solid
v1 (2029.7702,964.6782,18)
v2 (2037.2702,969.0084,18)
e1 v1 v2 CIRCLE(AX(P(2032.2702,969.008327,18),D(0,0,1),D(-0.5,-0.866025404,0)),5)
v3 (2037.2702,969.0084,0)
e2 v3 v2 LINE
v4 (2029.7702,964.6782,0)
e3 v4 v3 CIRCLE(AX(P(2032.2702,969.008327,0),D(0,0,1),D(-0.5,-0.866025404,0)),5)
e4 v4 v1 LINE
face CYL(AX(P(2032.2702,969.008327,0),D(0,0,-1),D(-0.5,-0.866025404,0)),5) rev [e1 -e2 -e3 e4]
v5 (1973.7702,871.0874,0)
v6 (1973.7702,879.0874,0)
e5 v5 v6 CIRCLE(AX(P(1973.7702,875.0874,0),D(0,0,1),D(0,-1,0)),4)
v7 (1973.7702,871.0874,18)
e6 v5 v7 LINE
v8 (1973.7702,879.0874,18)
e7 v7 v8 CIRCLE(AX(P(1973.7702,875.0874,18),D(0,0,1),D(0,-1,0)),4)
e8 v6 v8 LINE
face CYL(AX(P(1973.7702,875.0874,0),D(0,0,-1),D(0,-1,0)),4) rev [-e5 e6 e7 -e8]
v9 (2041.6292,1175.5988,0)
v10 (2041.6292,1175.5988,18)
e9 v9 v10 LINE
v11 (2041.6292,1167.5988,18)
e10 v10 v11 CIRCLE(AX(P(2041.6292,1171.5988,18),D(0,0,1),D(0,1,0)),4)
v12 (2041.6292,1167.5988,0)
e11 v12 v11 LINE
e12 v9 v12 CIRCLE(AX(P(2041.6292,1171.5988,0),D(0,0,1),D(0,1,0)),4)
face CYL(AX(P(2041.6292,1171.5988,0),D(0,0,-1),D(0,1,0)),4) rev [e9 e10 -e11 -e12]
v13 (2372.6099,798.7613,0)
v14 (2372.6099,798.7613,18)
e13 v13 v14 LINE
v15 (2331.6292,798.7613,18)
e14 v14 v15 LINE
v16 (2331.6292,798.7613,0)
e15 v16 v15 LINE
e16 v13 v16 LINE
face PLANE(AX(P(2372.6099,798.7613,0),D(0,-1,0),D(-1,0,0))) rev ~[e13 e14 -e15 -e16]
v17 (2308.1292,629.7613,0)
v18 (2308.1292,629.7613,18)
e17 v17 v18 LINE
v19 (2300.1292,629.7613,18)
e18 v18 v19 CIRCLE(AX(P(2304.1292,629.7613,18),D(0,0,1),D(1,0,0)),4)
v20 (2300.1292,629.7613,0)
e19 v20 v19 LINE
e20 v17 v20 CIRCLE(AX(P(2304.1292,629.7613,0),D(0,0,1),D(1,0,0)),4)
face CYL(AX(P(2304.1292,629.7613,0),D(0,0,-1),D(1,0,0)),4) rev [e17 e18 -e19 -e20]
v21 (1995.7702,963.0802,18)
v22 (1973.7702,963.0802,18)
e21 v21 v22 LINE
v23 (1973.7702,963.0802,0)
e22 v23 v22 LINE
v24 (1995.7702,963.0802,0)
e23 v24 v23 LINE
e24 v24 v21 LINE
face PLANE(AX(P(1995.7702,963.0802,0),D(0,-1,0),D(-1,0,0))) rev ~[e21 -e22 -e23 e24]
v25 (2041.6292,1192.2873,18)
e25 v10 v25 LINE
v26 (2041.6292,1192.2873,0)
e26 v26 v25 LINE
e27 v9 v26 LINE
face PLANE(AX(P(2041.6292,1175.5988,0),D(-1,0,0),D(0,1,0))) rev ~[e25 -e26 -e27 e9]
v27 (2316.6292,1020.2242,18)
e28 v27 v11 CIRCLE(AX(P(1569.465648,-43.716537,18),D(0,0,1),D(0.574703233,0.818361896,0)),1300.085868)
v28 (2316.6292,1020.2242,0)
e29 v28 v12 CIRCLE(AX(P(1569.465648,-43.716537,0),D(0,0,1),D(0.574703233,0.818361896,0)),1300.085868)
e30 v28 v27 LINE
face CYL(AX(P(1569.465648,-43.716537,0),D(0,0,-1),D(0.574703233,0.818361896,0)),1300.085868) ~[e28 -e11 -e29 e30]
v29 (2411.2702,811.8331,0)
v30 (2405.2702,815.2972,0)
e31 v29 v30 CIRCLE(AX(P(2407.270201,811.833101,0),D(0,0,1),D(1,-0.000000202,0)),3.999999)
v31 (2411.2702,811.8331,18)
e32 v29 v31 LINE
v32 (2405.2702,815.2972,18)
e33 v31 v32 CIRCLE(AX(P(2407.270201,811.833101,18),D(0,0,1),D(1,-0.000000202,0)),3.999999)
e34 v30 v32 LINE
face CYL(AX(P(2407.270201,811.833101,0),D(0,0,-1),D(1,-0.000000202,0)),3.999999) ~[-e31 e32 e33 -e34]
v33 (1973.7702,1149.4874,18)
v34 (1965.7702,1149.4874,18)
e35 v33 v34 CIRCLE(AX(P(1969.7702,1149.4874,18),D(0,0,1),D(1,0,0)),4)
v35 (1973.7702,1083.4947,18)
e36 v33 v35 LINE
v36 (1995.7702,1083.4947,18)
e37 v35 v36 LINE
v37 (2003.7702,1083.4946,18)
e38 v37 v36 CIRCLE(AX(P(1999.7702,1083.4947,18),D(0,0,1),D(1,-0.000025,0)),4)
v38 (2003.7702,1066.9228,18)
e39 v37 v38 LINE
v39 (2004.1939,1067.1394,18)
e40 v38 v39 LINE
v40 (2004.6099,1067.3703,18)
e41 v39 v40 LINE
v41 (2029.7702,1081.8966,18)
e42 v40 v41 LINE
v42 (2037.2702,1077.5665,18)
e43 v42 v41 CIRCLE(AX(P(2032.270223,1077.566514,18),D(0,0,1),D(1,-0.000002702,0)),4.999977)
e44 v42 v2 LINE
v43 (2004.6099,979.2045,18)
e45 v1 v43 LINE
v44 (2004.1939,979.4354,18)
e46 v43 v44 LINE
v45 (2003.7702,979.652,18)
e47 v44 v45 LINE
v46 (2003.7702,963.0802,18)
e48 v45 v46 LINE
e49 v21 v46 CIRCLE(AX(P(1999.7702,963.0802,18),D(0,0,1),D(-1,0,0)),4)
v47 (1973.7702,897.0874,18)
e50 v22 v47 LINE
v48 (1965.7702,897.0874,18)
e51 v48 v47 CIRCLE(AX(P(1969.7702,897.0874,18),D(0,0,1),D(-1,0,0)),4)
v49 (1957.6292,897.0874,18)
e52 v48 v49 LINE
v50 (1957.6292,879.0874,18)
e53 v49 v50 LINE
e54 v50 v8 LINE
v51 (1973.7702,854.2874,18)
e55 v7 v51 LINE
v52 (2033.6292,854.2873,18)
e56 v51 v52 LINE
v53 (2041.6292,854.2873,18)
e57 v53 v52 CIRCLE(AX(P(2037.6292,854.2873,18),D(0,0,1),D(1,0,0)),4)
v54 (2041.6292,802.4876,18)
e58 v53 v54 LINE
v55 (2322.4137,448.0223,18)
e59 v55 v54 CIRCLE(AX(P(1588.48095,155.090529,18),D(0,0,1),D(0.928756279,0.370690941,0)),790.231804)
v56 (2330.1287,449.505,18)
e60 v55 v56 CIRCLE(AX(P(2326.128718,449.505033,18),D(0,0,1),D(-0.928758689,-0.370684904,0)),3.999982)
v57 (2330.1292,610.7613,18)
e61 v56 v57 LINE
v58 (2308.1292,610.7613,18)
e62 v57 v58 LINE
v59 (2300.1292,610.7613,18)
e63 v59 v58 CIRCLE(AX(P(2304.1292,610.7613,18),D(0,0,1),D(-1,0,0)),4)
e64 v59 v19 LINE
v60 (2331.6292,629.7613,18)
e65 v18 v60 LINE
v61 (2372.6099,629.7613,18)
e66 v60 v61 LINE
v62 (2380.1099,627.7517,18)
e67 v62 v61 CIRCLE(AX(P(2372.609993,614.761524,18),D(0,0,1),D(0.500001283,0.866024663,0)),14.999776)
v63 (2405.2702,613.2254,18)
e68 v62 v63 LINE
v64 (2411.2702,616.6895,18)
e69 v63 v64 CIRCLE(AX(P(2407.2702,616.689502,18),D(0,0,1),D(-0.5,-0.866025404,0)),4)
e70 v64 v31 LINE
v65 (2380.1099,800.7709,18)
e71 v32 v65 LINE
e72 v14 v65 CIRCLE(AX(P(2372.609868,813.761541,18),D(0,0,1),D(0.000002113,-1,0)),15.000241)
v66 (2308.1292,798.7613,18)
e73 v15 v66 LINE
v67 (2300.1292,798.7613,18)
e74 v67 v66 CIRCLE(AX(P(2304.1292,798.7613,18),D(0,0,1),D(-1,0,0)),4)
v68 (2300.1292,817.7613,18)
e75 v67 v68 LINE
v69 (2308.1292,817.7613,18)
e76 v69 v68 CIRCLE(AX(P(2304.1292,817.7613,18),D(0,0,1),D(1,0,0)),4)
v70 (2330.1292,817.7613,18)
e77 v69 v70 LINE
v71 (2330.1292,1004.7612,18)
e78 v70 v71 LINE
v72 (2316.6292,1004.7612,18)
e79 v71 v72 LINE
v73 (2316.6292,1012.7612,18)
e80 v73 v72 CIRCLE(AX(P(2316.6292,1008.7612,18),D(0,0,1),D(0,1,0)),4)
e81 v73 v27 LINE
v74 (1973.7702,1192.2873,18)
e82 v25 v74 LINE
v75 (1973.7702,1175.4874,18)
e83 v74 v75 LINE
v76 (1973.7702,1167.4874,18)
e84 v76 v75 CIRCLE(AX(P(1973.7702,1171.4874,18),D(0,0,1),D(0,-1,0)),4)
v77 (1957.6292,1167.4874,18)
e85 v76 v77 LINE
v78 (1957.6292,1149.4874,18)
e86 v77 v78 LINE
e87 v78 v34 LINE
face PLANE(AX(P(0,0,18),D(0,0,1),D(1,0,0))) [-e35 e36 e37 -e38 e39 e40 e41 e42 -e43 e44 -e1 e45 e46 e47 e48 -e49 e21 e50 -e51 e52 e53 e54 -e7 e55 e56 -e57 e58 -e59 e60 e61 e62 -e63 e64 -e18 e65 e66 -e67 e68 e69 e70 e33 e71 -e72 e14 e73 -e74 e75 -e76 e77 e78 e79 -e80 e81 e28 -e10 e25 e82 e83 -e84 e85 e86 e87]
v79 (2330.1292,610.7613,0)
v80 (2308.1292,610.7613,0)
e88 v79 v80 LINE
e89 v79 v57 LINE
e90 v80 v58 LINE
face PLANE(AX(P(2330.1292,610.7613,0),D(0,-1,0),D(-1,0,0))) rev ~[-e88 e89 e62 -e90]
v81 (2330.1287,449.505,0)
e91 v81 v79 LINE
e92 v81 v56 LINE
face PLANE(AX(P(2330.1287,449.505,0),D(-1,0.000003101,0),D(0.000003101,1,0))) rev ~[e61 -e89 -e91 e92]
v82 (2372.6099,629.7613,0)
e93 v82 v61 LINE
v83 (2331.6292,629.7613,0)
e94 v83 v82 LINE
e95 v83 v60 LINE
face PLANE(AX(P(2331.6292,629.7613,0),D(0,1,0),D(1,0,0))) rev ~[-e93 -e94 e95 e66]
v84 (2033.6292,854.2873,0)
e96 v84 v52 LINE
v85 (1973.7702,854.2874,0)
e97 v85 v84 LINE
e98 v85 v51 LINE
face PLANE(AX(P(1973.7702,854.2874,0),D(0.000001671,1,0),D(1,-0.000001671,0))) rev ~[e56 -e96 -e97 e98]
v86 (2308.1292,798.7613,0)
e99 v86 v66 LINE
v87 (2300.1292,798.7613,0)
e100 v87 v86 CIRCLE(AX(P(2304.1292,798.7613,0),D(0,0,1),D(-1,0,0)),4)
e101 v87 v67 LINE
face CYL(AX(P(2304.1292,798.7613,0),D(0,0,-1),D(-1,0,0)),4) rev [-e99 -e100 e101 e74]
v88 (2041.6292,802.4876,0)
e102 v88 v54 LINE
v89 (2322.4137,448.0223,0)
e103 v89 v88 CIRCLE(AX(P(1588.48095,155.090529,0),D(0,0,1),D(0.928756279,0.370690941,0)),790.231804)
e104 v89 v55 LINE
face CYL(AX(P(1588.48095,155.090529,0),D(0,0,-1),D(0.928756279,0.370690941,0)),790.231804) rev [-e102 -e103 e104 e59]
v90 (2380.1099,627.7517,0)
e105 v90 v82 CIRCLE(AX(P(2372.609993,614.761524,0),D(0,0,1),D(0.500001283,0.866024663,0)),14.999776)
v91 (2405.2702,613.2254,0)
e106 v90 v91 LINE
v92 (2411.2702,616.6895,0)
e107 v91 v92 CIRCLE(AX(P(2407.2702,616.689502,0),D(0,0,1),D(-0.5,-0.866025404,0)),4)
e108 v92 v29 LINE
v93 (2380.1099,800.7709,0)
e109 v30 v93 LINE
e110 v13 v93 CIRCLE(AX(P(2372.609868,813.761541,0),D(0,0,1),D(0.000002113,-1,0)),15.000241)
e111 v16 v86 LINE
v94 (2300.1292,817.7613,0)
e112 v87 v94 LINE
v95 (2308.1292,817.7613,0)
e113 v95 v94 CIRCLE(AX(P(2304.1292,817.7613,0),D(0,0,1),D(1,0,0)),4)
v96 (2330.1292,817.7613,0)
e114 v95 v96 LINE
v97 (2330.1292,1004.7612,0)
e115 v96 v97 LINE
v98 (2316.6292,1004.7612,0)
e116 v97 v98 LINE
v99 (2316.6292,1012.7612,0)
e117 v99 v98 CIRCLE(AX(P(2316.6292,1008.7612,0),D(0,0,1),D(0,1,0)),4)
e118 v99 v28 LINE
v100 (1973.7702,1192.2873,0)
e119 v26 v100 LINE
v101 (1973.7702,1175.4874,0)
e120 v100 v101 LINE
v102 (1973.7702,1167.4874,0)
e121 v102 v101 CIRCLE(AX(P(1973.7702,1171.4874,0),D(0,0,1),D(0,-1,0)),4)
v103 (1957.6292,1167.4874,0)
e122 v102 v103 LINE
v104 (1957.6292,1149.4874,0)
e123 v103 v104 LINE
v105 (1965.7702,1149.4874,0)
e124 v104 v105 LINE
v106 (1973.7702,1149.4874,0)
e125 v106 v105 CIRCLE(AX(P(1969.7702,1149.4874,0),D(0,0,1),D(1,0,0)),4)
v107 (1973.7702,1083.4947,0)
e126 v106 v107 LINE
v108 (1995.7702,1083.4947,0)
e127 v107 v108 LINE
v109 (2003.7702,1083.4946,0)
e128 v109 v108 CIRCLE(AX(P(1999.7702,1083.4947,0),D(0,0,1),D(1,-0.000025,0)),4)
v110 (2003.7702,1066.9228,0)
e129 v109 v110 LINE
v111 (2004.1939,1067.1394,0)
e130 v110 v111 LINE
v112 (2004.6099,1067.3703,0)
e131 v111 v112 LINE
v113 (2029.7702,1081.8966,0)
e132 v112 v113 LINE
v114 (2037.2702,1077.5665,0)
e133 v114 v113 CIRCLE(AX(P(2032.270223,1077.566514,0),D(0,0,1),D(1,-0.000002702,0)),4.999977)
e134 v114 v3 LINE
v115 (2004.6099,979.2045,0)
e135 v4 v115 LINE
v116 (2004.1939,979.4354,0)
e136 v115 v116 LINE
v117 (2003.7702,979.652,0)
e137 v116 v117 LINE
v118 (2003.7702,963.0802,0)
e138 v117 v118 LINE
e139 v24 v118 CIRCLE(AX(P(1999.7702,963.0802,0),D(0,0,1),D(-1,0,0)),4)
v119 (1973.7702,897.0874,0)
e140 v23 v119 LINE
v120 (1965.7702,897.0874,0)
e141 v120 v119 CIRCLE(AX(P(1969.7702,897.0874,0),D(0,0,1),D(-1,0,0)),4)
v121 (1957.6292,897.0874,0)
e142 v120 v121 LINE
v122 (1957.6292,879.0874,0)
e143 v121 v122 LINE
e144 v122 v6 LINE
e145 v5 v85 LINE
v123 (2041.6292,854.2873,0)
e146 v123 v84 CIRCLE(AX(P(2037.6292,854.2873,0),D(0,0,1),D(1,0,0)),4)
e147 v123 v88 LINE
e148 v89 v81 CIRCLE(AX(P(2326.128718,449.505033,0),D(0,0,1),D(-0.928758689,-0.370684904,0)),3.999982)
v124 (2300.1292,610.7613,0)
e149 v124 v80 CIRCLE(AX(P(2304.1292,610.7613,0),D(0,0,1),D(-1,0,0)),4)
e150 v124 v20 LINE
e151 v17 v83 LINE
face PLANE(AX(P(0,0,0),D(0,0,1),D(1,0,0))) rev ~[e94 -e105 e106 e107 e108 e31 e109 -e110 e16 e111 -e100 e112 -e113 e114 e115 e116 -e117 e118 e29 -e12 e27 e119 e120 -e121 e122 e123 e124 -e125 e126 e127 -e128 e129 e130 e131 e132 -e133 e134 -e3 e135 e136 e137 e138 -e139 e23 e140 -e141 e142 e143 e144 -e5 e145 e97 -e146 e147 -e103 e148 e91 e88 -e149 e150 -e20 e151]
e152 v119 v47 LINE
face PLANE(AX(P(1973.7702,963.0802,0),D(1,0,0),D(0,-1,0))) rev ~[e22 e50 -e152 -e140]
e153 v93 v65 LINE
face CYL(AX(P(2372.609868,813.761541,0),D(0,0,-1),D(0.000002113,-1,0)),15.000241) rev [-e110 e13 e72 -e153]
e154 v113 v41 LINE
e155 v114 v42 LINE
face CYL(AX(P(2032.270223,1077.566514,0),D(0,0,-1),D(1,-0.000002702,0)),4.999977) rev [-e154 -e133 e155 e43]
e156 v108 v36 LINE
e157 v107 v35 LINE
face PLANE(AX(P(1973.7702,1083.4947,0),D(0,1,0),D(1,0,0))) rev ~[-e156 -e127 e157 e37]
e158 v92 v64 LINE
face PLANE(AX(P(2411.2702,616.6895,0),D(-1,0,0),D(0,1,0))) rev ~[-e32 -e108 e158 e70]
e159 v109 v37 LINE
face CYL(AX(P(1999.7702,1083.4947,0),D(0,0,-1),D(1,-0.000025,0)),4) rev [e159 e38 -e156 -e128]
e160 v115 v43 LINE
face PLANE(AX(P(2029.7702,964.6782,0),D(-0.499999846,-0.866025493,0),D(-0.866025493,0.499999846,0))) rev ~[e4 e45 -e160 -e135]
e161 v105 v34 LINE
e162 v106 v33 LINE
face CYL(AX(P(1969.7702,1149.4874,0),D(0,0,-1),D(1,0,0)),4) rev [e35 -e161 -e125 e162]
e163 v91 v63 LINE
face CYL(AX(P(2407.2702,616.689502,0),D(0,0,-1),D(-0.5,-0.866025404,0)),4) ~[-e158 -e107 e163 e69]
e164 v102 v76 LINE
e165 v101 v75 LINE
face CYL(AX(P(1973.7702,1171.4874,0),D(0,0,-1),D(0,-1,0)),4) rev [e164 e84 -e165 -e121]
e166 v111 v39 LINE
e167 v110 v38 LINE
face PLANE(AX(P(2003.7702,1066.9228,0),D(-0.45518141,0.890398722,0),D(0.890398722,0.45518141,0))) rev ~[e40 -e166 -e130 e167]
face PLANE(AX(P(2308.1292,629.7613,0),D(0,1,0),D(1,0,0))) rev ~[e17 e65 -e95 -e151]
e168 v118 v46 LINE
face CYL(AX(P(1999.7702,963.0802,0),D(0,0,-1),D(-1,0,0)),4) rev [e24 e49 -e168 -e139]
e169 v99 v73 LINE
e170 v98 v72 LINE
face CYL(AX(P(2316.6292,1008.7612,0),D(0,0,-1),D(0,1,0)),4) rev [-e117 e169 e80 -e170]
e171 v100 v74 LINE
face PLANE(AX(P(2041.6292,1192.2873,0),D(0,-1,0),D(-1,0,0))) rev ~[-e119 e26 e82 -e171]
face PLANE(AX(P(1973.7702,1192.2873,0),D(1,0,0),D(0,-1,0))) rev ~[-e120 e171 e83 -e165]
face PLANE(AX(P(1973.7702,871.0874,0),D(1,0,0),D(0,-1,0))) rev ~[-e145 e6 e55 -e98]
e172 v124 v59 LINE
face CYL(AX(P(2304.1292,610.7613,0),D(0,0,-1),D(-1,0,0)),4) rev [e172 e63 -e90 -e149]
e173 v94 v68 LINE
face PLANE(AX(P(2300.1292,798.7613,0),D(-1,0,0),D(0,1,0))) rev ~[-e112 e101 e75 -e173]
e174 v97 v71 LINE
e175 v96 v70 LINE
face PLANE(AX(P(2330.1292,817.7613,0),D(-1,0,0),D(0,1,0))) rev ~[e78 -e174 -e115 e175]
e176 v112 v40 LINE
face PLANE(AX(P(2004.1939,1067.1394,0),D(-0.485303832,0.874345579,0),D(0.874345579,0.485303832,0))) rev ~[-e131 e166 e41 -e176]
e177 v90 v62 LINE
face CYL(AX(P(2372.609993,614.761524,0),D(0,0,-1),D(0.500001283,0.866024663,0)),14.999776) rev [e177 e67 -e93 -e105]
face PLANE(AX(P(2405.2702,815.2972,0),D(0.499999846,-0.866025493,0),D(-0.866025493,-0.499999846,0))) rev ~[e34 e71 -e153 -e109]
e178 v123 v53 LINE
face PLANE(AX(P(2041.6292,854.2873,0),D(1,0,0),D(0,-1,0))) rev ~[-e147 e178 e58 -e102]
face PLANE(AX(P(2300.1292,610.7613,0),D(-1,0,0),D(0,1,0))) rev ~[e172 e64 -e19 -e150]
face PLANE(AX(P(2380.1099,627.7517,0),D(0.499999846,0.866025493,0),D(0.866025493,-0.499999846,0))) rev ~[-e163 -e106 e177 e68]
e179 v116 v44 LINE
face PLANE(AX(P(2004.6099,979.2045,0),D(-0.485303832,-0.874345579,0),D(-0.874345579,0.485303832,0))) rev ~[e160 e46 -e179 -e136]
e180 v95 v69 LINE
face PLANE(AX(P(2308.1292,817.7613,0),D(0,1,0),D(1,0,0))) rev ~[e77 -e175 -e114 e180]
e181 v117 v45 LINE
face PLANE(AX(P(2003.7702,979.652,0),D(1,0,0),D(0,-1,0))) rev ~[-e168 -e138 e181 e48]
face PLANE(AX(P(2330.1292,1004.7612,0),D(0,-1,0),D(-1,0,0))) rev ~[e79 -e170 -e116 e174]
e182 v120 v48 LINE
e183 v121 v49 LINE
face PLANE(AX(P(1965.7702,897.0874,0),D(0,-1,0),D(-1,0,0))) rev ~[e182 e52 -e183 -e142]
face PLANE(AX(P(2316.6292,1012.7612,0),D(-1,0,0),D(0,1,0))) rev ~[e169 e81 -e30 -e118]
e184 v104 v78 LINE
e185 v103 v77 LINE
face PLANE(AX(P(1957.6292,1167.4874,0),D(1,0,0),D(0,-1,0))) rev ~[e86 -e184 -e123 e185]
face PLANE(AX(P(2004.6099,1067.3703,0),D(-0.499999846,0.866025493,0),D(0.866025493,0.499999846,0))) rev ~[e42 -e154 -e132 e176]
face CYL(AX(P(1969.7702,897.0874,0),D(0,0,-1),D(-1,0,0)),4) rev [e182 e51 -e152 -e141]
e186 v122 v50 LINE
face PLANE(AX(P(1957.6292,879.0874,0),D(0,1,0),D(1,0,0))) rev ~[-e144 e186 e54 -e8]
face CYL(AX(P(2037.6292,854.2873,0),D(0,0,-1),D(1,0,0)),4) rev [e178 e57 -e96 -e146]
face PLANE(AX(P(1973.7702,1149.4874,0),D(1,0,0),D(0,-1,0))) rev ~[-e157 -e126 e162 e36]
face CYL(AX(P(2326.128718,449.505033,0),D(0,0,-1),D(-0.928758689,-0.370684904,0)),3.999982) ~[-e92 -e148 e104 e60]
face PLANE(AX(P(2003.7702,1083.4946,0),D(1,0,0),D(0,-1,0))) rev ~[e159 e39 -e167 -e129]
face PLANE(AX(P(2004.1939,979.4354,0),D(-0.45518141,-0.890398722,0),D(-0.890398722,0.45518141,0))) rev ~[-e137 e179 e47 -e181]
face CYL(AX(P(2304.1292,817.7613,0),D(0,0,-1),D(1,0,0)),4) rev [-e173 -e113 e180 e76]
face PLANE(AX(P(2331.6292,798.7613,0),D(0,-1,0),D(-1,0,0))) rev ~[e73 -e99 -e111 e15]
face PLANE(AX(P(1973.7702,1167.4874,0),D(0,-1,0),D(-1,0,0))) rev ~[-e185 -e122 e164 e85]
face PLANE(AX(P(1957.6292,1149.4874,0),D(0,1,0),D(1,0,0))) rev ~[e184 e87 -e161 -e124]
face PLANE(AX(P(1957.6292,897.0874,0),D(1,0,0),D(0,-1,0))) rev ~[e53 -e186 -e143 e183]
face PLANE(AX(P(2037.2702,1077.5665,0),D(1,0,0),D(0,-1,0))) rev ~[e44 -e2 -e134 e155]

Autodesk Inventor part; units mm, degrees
ref_plane "YZ Plane" through (0, 0, 0) normal (1, 0, 0) x (0, 1, 0)
ref_plane "XZ Plane" through (0, 0, 0) normal (0, 1, 0) x (-1, 0, 0)
ref_plane "XY Plane" through (0, 0, 0) normal (0, 0, 1) x (1, 0, 0)
sketch "CONTOURS" plane through (0, 0, 0) normal (0, 0, 1) x (1, 0, 0)
  arc A0 (2046.6196, 767.5507) -> (2038.9046, 766.0679) centre (2042.9046, 766.0679) ccw
  arc A1 (1973.7702, 871.0874) -> (1973.7702, 879.0874) centre (1973.7702, 875.0874) ccw
  line L0 (1957.6292, 879.0874) -> (1973.7702, 879.0874)
  line L1 (1957.6292, 897.0874) -> (1957.6292, 879.0874)
  line L2 (1965.7702, 897.0874) -> (1957.6292, 897.0874)
  arc A2 (1965.7702, 897.0874) -> (1973.7702, 897.0874) centre (1969.7702, 897.0874) ccw
  line L3 (1973.7702, 963.0802) -> (1973.7702, 897.0874)
  line L4 (1995.7702, 963.0802) -> (1973.7702, 963.0802)
  arc A3 (1995.7702, 963.0802) -> (2003.7702, 963.0802) centre (1999.7702, 963.0802) ccw
  line L5 (2003.7702, 979.652) -> (2003.7702, 963.0802)
  line L6 (2004.1939, 979.4354) -> (2003.7702, 979.652)
  line L7 (2004.6099, 979.2045) -> (2004.1939, 979.4354)
  line L8 (2029.7702, 964.6782) -> (2004.6099, 979.2045)
  arc A4 (2029.7702, 964.6782) -> (2037.2702, 969.0084) centre (2032.2702, 969.0084) ccw
  line L9 (2037.2702, 1077.5665) -> (2037.2702, 969.0084)
  arc A5 (2037.2702, 1077.5665) -> (2029.7702, 1081.8966) centre (2032.2702, 1077.5665) ccw
  line L10 (2004.6099, 1067.3703) -> (2029.7702, 1081.8966)
  line L11 (2004.1939, 1067.1394) -> (2004.6099, 1067.3703)
  arc A6 (2411.2702, 811.8331) -> (2405.2702, 815.2972) centre (2407.2702, 811.8331) ccw
  line L12 (2003.7702, 1066.9228) -> (2004.1939, 1067.1394)
  line L13 (2003.7702, 1083.4946) -> (2003.7702, 1066.9228)
  arc A7 (2003.7702, 1083.4946) -> (1995.7702, 1083.4947) centre (1999.7702, 1083.4947) ccw
  line L14 (1973.7702, 1083.4947) -> (1995.7702, 1083.4947)
  line L15 (1973.7702, 1149.4874) -> (1973.7702, 1083.4947)
  arc A8 (1973.7702, 1149.4874) -> (1965.7702, 1149.4874) centre (1969.7702, 1149.4874) ccw
  line L16 (1957.6292, 1149.4874) -> (1965.7702, 1149.4874)
  line L17 (1957.6292, 1167.4874) -> (1957.6292, 1149.4874)
  line L18 (1973.7702, 1167.4874) -> (1957.6292, 1167.4874)
  arc A9 (1973.7702, 1167.4874) -> (1973.7702, 1175.4874) centre (1973.7702, 1171.4874) ccw
  line L19 (1973.7702, 1192.2873) -> (1973.7702, 1175.4874)
  line L20 (2041.6292, 1192.2873) -> (1973.7702, 1192.2873)
  line L21 (2041.6292, 1175.5988) -> (2041.6292, 1192.2873)
  arc A10 (2041.6292, 1175.5988) -> (2041.6292, 1167.5988) centre (2041.6292, 1171.5988) ccw
  arc A11 (2316.6292, 1020.2242) -> (2041.6292, 1167.5988) centre (1569.4645, -43.7184) ccw
  line L22 (2316.6292, 1012.7612) -> (2316.6292, 1020.2242)
  arc A12 (2316.6292, 1012.7612) -> (2316.6292, 1004.7612) centre (2316.6292, 1008.7612) ccw
  line L23 (2330.1292, 1004.7612) -> (2316.6292, 1004.7612)
  line L24 (2330.1292, 817.7613) -> (2330.1292, 1004.7612)
  line L25 (2308.1292, 817.7613) -> (2330.1292, 817.7613)
  arc A13 (2308.1292, 817.7613) -> (2300.1292, 817.7613) centre (2304.1292, 817.7613) ccw
  line L26 (2300.1292, 798.7613) -> (2300.1292, 817.7613)
  arc A14 (2300.1292, 798.7613) -> (2308.1292, 798.7613) centre (2304.1292, 798.7613) ccw
  line L27 (2331.6292, 798.7613) -> (2308.1292, 798.7613)
  line L28 (2372.6099, 798.7613) -> (2331.6292, 798.7613)
  arc A15 (2372.6099, 798.7613) -> (2380.1099, 800.7709) centre (2372.6099, 813.7613) ccw
  line L29 (2405.2702, 815.2972) -> (2380.1099, 800.7709)
  line L30 (2411.2702, 616.6895) -> (2411.2702, 811.8331)
  arc A16 (2405.2702, 613.2254) -> (2411.2702, 616.6895) centre (2407.2702, 616.6895) ccw
  line L31 (2380.1099, 627.7517) -> (2405.2702, 613.2254)
  arc A17 (2380.1099, 627.7517) -> (2372.6099, 629.7613) centre (2372.6099, 614.7613) ccw
  line L32 (2331.6292, 629.7613) -> (2372.6099, 629.7613)
  line L33 (2308.1292, 629.7613) -> (2331.6292, 629.7613)
  arc A18 (2308.1292, 629.7613) -> (2300.1292, 629.7613) centre (2304.1292, 629.7613) ccw
  line L34 (2300.1292, 610.7613) -> (2300.1292, 629.7613)
  arc A19 (2300.1292, 610.7613) -> (2308.1292, 610.7613) centre (2304.1292, 610.7613) ccw
  line L35 (2330.1292, 610.7613) -> (2308.1292, 610.7613)
  line L36 (2330.1287, 449.505) -> (2330.1292, 610.7613)
  arc A20 (2322.4137, 448.0223) -> (2330.1287, 449.505) centre (2326.1287, 449.505) ccw
  arc A21 (2322.4137, 448.0223) -> (2041.6292, 802.4876) centre (1588.4809, 155.0905) ccw
  line L37 (2041.6292, 854.2873) -> (2041.6292, 802.4876)
  arc A22 (2041.6292, 854.2873) -> (2033.6292, 854.2873) centre (2037.6292, 854.2873) ccw
  line L38 (1973.7702, 854.2874) -> (2033.6292, 854.2873)
  line L39 (1973.7702, 871.0874) -> (1973.7702, 854.2874)
sketch "LETTERS" plane through (0, 0, 0) normal (0, 0, 1) x (1, 0, 0)
  line L0 (2195.1138, 872.4502) -> (2195.1138, 887.1377)
  line L1 (2195.1138, 887.1377) -> (2175.306, 887.1377)
  line L2 (2175.306, 887.1377) -> (2175.306, 872.4502)
  line L3 (2185.4137, 887.1672) -> (2185.4137, 876.5)
extrude "Extrusion1" add sketch "CONTOURS" along normal blind 18
properties part number "Support E" material "Wood (Birch)"
